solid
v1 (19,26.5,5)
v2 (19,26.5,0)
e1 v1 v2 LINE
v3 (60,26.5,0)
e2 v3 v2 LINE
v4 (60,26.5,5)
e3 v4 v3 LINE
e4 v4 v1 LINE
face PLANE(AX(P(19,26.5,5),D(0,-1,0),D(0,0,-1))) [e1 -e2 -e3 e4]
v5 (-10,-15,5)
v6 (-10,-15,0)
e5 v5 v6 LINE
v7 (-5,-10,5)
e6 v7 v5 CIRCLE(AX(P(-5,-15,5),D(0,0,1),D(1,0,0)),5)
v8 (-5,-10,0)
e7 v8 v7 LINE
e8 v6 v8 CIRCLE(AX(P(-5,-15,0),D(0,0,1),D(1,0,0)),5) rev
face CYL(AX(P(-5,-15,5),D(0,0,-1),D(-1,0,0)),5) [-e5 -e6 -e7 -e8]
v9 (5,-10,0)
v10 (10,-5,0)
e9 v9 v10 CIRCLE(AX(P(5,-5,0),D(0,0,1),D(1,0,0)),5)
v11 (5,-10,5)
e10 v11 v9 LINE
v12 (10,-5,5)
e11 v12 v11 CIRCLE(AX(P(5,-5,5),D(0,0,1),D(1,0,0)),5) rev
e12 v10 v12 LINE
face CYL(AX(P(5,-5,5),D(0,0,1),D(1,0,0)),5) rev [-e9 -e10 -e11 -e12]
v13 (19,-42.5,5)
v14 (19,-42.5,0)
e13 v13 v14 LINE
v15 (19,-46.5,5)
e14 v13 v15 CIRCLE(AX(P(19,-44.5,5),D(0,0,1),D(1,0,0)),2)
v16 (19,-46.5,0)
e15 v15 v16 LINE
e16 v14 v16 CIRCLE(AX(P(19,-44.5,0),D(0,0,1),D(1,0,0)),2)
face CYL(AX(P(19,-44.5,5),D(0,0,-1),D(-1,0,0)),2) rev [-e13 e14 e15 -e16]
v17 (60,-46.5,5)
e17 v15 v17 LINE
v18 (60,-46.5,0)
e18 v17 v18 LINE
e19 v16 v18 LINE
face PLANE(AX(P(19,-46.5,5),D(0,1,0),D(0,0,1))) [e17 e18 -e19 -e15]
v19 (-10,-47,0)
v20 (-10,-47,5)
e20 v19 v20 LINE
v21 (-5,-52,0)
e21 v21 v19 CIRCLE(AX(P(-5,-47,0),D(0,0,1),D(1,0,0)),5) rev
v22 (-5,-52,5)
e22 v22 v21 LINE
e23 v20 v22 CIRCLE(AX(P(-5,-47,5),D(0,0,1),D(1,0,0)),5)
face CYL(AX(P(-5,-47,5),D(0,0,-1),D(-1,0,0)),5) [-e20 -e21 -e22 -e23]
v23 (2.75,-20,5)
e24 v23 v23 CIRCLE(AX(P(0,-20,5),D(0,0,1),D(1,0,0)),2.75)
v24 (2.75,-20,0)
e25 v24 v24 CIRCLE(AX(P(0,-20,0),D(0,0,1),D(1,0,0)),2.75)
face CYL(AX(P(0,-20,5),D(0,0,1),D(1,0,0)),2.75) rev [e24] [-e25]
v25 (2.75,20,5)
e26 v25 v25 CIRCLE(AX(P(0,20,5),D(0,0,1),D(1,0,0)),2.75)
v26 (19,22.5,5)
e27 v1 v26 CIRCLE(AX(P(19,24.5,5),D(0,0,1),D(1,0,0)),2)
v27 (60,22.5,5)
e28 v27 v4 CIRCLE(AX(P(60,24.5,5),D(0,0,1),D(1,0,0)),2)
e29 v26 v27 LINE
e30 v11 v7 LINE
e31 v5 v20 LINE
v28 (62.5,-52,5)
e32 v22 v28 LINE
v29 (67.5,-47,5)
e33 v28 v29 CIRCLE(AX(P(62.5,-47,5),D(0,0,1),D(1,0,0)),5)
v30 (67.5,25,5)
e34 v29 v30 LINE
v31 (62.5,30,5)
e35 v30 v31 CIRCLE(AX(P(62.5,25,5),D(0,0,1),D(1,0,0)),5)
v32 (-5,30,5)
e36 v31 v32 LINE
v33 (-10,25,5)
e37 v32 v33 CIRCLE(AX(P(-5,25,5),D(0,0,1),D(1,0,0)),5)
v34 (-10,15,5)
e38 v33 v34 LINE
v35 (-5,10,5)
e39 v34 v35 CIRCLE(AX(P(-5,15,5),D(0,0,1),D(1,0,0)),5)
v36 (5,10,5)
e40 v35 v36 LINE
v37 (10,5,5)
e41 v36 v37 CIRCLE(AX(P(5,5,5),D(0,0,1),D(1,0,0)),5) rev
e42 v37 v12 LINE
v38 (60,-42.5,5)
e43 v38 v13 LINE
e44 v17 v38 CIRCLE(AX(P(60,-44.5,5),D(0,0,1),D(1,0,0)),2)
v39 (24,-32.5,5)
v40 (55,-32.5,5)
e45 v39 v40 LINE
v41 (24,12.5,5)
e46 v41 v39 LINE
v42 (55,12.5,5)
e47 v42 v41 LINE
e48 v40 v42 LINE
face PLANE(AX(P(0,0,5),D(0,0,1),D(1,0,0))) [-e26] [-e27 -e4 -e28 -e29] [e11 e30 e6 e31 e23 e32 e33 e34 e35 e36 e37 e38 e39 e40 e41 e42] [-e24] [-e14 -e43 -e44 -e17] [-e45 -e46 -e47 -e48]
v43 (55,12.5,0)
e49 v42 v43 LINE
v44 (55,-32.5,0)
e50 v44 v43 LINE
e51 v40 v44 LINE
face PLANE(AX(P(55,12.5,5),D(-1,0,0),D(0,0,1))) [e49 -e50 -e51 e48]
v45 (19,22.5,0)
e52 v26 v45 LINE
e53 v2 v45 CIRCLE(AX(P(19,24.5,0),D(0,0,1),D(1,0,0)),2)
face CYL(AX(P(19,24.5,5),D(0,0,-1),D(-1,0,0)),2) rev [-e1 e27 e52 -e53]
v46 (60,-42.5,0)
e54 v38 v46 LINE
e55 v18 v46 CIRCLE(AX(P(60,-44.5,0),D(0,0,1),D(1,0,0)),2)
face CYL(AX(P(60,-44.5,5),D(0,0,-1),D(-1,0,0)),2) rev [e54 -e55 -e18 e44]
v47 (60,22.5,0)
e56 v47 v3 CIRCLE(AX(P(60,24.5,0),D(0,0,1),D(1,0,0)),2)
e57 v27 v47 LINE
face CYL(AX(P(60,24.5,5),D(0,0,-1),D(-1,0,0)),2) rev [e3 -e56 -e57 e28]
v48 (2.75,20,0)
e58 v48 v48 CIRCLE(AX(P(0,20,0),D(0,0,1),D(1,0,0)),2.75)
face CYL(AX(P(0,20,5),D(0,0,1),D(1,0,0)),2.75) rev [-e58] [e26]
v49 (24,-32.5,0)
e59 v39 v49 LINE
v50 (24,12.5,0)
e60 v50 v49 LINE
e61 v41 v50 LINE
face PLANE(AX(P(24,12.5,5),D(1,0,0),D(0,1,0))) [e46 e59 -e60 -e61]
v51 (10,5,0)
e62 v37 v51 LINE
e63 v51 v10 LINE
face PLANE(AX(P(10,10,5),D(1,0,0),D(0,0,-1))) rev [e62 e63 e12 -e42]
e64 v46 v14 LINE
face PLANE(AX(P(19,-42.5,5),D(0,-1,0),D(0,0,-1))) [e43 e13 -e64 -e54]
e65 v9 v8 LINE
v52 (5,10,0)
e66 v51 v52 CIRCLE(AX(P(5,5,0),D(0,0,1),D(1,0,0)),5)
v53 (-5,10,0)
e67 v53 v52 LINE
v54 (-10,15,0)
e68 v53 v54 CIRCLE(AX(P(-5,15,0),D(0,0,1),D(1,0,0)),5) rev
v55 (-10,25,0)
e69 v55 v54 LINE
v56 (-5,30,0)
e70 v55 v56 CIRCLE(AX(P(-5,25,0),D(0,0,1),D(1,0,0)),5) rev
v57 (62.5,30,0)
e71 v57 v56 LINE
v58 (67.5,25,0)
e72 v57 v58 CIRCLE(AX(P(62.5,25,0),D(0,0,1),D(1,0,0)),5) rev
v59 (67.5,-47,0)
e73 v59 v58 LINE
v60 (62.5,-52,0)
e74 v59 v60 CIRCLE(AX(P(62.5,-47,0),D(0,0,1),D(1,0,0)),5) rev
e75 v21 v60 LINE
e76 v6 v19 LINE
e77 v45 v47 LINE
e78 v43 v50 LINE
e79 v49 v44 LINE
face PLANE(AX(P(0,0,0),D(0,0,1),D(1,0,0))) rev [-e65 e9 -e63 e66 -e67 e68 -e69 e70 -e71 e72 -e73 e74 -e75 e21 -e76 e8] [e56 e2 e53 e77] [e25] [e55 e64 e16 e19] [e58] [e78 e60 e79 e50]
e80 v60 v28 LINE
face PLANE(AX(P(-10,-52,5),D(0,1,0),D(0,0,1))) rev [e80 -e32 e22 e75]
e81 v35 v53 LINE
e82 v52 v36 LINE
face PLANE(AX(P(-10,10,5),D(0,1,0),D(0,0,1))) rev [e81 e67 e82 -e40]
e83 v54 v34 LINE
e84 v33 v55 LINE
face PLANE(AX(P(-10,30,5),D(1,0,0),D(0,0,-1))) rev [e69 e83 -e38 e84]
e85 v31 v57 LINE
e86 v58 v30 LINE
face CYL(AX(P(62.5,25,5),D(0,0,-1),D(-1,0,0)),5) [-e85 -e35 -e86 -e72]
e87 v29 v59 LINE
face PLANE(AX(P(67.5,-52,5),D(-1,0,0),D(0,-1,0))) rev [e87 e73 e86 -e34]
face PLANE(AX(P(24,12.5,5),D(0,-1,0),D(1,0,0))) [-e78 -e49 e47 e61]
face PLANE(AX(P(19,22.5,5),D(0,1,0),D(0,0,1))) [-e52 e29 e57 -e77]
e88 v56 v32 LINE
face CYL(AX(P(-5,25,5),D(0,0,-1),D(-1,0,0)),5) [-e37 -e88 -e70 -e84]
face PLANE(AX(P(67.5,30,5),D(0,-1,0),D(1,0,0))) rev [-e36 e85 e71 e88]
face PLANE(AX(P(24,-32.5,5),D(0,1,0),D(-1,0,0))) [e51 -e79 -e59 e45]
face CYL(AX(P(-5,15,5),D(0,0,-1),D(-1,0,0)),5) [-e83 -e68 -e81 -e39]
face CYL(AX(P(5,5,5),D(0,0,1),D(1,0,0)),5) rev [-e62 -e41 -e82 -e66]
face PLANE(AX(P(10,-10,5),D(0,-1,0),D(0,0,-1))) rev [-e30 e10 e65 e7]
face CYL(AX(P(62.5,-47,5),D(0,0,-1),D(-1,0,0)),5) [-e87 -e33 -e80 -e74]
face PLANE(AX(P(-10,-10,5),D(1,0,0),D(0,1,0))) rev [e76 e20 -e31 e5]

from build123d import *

# Parameters (mm, degrees)
SKETCH2_W            = 31
SKETCH2_H            = 45
BOSS_EXTRUDE1_DEPTH  = 5
M5_CLEARANCE_HOLE1_D = 5.5
FILLET1_R            = 5


with BuildPart() as part:
    # Sketch2 → Boss-Extrude1 (new body)
    with BuildSketch(Plane.XY):
        Polygon((-10, 30), (-10, 10), (10, 10), (10, -10), (-10, -10), (-10, -52), (67.5, -52), (67.5, 30), align=None)
        with BuildLine():
            Line((19, 26.5), (60, 26.5))
            ThreePointArc((60, 26.5), (62, 24.5), (60, 22.5))
            Line((60, 22.5), (19, 22.5))
            ThreePointArc((19, 22.5), (17, 24.5), (19, 26.5))
        make_face(mode=Mode.SUBTRACT)
        with BuildLine():
            Line((19, -42.5), (60, -42.5))
            ThreePointArc((60, -42.5), (62, -44.5), (60, -46.5))
            Line((60, -46.5), (19, -46.5))
            ThreePointArc((19, -46.5), (17, -44.5), (19, -42.5))
        make_face(mode=Mode.SUBTRACT)
        with Locations((39.5, -10)):
            Rectangle(SKETCH2_W, SKETCH2_H, mode=Mode.SUBTRACT)
    extrude(amount=BOSS_EXTRUDE1_DEPTH)

    # M5 Clearance Hole1 (through all)
    with Locations(Plane.XY.offset(5)):
        with Locations((0, 20), (0, -20)):
            Hole(M5_CLEARANCE_HOLE1_D / 2)

    # Fillet1
    fillet1_edges = [part.edges().sort_by_distance(p)[0] for p in [
        (67.5, 30, 2.5),
        (67.5, -52, 2.5),
        (-10, -52, 2.5),
        (-10, -10, 2.5),
        (10, -10, 2.5),
        (10, 10, 2.5),
        (-10, 10, 2.5),
        (-10, 30, 2.5),
    ]]
    fillet(fillet1_edges, radius=FILLET1_R)


solid = part.part
